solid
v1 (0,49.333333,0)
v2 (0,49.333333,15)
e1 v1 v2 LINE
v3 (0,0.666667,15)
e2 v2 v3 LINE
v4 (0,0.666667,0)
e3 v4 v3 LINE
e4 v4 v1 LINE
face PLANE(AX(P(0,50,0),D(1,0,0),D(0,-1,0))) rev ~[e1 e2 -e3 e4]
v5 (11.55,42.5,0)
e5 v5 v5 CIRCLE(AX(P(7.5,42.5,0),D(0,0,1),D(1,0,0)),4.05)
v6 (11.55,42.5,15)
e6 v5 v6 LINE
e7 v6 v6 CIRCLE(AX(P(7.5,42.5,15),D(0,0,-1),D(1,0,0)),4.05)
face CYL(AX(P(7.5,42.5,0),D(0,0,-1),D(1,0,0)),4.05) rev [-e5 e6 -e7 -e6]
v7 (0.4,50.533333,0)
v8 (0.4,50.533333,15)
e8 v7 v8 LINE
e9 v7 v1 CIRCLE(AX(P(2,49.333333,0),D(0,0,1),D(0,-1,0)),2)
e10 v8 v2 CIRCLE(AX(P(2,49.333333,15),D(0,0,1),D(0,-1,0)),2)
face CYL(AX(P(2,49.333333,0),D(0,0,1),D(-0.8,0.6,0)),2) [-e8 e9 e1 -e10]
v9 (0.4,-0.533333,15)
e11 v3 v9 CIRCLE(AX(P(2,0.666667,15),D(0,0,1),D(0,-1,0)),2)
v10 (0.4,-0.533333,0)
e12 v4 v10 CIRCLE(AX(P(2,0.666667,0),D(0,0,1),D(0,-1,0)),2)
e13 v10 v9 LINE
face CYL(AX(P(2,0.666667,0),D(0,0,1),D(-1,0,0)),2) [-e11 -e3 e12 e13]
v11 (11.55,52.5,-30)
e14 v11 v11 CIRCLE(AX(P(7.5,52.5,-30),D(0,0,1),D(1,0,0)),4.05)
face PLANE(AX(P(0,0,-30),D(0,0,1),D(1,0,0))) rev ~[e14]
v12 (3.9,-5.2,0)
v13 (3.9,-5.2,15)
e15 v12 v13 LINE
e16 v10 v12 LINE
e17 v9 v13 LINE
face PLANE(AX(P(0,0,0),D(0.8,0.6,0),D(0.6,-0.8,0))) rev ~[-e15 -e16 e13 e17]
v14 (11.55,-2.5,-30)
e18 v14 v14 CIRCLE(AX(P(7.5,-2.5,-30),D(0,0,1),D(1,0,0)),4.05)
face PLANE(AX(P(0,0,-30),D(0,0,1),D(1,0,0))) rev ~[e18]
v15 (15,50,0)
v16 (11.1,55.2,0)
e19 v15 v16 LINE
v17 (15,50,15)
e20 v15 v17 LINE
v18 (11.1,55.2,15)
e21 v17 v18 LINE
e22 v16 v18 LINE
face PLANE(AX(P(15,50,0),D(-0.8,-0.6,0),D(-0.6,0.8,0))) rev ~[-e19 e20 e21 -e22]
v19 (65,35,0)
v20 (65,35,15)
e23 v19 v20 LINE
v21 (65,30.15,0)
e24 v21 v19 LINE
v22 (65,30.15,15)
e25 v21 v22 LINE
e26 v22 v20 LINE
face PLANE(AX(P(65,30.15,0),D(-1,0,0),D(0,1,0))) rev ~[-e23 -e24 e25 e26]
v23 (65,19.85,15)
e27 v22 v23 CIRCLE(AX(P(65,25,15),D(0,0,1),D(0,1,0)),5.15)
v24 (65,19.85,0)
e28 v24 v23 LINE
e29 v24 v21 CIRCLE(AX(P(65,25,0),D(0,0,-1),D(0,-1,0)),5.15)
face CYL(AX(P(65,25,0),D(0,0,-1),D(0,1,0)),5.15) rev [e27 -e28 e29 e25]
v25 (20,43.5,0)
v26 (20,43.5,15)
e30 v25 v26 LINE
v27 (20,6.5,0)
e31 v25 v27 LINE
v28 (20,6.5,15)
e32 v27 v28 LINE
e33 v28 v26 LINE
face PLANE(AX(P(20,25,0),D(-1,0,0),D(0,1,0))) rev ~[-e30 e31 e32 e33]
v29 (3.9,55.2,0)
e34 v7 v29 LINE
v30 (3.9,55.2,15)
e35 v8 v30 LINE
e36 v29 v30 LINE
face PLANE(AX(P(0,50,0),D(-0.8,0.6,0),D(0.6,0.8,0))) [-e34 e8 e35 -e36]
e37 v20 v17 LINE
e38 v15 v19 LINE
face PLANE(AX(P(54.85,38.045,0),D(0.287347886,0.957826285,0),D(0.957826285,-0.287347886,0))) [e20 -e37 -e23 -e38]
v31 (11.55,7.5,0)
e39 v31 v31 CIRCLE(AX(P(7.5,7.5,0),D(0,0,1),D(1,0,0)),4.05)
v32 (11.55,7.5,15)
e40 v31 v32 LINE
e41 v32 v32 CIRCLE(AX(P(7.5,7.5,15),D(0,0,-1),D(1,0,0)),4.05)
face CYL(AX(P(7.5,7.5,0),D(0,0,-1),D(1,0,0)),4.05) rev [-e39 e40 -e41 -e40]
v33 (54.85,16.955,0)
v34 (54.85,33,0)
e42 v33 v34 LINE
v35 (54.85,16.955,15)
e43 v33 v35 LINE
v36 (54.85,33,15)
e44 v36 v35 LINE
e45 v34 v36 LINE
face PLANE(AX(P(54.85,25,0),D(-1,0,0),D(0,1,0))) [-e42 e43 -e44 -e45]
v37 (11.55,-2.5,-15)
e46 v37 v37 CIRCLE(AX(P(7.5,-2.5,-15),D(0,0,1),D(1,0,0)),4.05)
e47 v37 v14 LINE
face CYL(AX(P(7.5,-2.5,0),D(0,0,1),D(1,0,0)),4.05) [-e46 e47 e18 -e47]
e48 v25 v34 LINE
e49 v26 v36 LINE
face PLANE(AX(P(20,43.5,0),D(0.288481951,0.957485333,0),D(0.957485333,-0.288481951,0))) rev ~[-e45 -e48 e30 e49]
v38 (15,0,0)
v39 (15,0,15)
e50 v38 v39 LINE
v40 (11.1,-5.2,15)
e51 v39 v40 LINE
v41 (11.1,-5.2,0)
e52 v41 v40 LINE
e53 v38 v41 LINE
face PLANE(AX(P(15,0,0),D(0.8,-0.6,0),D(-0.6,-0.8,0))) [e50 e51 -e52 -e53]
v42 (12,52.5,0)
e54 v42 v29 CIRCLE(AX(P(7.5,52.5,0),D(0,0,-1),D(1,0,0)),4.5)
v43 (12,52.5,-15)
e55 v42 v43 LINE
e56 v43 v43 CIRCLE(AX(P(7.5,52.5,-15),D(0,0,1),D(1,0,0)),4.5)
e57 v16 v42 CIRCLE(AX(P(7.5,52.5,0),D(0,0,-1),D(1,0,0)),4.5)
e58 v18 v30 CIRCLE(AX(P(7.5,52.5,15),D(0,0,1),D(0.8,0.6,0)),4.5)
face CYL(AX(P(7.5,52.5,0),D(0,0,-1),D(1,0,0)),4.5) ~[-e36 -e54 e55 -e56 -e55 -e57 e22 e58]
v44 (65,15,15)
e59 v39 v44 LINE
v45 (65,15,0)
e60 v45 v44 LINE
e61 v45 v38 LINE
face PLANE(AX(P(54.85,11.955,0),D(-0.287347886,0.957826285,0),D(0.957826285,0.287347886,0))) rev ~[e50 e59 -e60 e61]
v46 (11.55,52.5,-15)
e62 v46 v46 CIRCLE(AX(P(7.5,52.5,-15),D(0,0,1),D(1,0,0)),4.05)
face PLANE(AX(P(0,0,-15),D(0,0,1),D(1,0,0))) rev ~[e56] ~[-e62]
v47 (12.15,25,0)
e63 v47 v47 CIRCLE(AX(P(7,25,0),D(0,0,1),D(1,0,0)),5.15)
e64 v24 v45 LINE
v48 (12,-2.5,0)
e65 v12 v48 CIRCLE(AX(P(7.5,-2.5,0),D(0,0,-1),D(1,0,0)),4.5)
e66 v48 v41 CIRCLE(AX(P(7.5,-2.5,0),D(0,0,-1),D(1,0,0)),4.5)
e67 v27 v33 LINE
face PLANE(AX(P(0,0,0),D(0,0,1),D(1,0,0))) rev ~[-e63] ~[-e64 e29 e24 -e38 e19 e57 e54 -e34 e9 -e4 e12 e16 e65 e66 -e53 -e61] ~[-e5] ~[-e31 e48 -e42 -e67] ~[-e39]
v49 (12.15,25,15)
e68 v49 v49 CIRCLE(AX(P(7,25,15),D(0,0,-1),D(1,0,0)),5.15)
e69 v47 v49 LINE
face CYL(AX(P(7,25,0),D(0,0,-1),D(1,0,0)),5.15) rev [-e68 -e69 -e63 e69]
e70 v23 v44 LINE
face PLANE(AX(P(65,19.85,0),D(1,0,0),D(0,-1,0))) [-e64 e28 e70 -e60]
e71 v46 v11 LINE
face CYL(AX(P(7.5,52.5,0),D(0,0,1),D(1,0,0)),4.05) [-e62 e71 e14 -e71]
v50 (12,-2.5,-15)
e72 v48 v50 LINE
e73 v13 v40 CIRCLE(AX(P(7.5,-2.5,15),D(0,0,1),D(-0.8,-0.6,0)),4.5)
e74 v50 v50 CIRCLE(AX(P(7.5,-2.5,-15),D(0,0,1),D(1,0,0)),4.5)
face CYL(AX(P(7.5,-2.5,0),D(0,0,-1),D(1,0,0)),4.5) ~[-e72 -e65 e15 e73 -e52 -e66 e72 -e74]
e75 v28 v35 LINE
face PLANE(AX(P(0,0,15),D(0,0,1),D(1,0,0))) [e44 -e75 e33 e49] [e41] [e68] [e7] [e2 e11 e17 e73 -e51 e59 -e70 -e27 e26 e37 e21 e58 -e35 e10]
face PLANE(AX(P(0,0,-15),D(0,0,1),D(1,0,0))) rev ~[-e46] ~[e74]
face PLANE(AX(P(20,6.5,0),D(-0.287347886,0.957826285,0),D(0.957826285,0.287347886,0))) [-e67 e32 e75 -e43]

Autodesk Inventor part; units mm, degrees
ref_plane "YZ Plane" through (0, 0, 0) normal (1, 0, 0) x (0, 1, 0)
ref_plane "XZ Plane" through (0, 0, 0) normal (0, 1, 0) x (-1, 0, 0)
ref_plane "XY Plane" through (0, 0, 0) normal (0, 0, 1) x (1, 0, 0)
sketch "Sketch1" plane through (0, 0, 0) normal (0, 0, 1) x (1, 0, 0)
  arc A0 (65, 30.15) -> (65, 19.85) centre (65, 25) ccw
  line L0 (65, 30.15) -> (65, 35)
  line L1 (65, 19.85) -> (65, 15)
  line L2 (65, 25) -> (15, 25)
  line L3 (15, 25) -> (15, 50)
  line L4 (15, 25) -> (15, 0)
  line L5 (15, 0) -> (65, 15)
  line L6 (15, 50) -> (65, 35)
  line L7 (15, 50) -> (0, 50)
  line L8 (0, 50) -> (0, 0)
  line L9 (0, 0) -> (15, 0)
  line L10 (15, 25) -> (20, 25)
  line L11 (20, 25) -> (20, 48.5)
  line L12 (20, 25) -> (20, 1.5)
  line L13 (59.85, 25) -> (54.85, 25)
  line L14 (54.85, 25) -> (54.85, 38.045)
  line L15 (54.85, 25) -> (54.85, 11.955)
  line L16 (20, 1.5) -> (20, 6.5)
  line L17 (20, 6.5) -> (54.85, 16.955)
  line L18 (20, 48.5) -> (20, 43.5)
  line L19 (20, 43.5) -> (54.85, 33)
  line L20 (7.5, 50) -> (7.5, 0)
  line L21 (0, 25) -> (15, 25)
  line L22 (0, 50) -> (15, 35)
  line L23 (0, 50) -> (21.2132, 50) construction
  line L24 (0, 0) -> (15, 15)
  line L25 (0, 0) -> (21.2132, 0) construction
  circle A1 centre (7.5, 7.5) radius 4.05
  circle A2 centre (7.5, 42.5) radius 4.05
  line L26 (65, 19.85) -> (65, 25)
  line L27 (65, 30.15) -> (65, 25)
  line L28 (7.5, 25) -> (7, 25)
  circle A3 centre (7, 25) radius 5.15
  line L29 (0, 50) -> (15, 50)
  line L30 (15, 50) -> (15, 60)
  line L31 (15, 60) -> (0, 60)
  line L32 (0, 60) -> (0, 50)
  line L33 (15, 0) -> (0, 0)
  line L34 (0, 0) -> (0, -10)
  line L35 (0, -10) -> (15, -10)
  line L36 (15, -10) -> (15, 0)
  line L37 (7.5, -10) -> (7.5, -2.5)
  line L38 (7.5, 60) -> (7.5, 52.5)
  circle A4 centre (7.5, 52.5) radius 4.05
  circle A5 centre (7.5, 52.5) radius 4.5
  circle A6 centre (7.5, -2.5) radius 4.05
  circle A7 centre (7.5, -2.5) radius 4.5
  line L39 (0, 50) -> (3.9, 55.2)
  line L40 (15, 50) -> (11.1, 55.2)
  line L41 (0, 0) -> (3.9, -5.2)
  line L42 (15, 0) -> (11.1, -5.2)
  point P0 (0, 0)
  point P1 (3.7583, 0)
  point P2 (11.2417, 0)
  point P3 (11.2417, 50)
  point P4 (3.7583, 50)
  point P5 (0, 0)
  dimension "d0" = 10.3
  dimension "d1" = 50
  dimension "d2" = 25
  dimension "d3" = 25
  dimension "d4" = 15
  dimension "d5" = 50
  dimension "d6" = 90
  dimension "d7" = 5
  dimension "d8" = 5
  dimension "d9" = 5
  dimension "d10" = 5
  dimension "d11" = 45
  dimension "d12" = 45
  dimension "d13" = 8.1
  dimension "d14" = 8.1
  dimension "d15" = 50
  dimension "d16" = 10
  dimension "d17" = 20
  dimension "d18" = 10
  dimension "d19" = 5.045
  dimension "d46" = 0.5
  dimension "d47" = 10.3
  dimension "d48" = 15
  dimension "d49" = 10
  dimension "d50" = 15
  dimension "d51" = 10
  dimension "d52" = 7.5
  dimension "d53" = 7.5
  dimension "d54" = 8.1
  dimension "d55" = 9
  dimension "d56" = 8.1
  dimension "d57" = 9
extrude "Extrusion1" add sketch "Sketch1" along normal blind 15 contours A0 L2 L14 L6 L0 | A0 L1 L5 L15 L2 | L14 L19 L11 L6 | L12 L5 L4 L2 | L2 L3 L6 L11 | L15 L5 L12 L17 | L21 A3 L20 A2 L22 L3 | L4 L24 A1 L20 A3 L21 | L3 L22 A2 L20 A5 L7 | L7 A5 L40 | L4 L9 A7 L20 A1 L24 | A5 L20 A4 L7 | L7 A4 L38 A5 | L42 A7 L9 | A3 L21 L8 L22 A2 L20 | L20 A1 L24 L8 L21 A3 | A4 L20 L7 | L7 A4 | A5 L7 A4 L20 | L20 A2 L22 L7 A5 | L38 A4 L7 A5 | A7 L37 A6 L9 | L9 A6 L20 A7 | L20 A4 L7 | L7 L39 A5 | A6 L9 | L9 L20 A6 | A7 L9 L24 A1 L20 | L20 A6 L9 A7 | A7 L9 A6 L37 | L9 A6 L20 | A7 L41 L9
extrude "Extrusion2" add sketch "Sketch1" against normal blind 15 contours A5 L20 A4 L7 | L7 A4 L38 A5 | A4 L20 L7 | L7 A4 | A5 L7 A4 L20 | L38 A4 L7 A5 | A7 L37 A6 L9 | L9 A6 L20 A7 | L20 A4 L7 | A6 L9 | L9 L20 A6 | L20 A6 L9 A7 | A7 L9 A6 L37 | L9 A6 L20
extrude "Extrusion3" add sketch "Sketch1" against normal blind 30 contours A4 L20 L7 | L7 A4 | L20 A4 L7 | A6 L9 | L9 L20 A6 | L9 A6 L20
fillet "Fillet1" radius 2 2 edges at (0, 0, 7.5) (0, 50, 7.5)
properties part number "Rod_support_2"
